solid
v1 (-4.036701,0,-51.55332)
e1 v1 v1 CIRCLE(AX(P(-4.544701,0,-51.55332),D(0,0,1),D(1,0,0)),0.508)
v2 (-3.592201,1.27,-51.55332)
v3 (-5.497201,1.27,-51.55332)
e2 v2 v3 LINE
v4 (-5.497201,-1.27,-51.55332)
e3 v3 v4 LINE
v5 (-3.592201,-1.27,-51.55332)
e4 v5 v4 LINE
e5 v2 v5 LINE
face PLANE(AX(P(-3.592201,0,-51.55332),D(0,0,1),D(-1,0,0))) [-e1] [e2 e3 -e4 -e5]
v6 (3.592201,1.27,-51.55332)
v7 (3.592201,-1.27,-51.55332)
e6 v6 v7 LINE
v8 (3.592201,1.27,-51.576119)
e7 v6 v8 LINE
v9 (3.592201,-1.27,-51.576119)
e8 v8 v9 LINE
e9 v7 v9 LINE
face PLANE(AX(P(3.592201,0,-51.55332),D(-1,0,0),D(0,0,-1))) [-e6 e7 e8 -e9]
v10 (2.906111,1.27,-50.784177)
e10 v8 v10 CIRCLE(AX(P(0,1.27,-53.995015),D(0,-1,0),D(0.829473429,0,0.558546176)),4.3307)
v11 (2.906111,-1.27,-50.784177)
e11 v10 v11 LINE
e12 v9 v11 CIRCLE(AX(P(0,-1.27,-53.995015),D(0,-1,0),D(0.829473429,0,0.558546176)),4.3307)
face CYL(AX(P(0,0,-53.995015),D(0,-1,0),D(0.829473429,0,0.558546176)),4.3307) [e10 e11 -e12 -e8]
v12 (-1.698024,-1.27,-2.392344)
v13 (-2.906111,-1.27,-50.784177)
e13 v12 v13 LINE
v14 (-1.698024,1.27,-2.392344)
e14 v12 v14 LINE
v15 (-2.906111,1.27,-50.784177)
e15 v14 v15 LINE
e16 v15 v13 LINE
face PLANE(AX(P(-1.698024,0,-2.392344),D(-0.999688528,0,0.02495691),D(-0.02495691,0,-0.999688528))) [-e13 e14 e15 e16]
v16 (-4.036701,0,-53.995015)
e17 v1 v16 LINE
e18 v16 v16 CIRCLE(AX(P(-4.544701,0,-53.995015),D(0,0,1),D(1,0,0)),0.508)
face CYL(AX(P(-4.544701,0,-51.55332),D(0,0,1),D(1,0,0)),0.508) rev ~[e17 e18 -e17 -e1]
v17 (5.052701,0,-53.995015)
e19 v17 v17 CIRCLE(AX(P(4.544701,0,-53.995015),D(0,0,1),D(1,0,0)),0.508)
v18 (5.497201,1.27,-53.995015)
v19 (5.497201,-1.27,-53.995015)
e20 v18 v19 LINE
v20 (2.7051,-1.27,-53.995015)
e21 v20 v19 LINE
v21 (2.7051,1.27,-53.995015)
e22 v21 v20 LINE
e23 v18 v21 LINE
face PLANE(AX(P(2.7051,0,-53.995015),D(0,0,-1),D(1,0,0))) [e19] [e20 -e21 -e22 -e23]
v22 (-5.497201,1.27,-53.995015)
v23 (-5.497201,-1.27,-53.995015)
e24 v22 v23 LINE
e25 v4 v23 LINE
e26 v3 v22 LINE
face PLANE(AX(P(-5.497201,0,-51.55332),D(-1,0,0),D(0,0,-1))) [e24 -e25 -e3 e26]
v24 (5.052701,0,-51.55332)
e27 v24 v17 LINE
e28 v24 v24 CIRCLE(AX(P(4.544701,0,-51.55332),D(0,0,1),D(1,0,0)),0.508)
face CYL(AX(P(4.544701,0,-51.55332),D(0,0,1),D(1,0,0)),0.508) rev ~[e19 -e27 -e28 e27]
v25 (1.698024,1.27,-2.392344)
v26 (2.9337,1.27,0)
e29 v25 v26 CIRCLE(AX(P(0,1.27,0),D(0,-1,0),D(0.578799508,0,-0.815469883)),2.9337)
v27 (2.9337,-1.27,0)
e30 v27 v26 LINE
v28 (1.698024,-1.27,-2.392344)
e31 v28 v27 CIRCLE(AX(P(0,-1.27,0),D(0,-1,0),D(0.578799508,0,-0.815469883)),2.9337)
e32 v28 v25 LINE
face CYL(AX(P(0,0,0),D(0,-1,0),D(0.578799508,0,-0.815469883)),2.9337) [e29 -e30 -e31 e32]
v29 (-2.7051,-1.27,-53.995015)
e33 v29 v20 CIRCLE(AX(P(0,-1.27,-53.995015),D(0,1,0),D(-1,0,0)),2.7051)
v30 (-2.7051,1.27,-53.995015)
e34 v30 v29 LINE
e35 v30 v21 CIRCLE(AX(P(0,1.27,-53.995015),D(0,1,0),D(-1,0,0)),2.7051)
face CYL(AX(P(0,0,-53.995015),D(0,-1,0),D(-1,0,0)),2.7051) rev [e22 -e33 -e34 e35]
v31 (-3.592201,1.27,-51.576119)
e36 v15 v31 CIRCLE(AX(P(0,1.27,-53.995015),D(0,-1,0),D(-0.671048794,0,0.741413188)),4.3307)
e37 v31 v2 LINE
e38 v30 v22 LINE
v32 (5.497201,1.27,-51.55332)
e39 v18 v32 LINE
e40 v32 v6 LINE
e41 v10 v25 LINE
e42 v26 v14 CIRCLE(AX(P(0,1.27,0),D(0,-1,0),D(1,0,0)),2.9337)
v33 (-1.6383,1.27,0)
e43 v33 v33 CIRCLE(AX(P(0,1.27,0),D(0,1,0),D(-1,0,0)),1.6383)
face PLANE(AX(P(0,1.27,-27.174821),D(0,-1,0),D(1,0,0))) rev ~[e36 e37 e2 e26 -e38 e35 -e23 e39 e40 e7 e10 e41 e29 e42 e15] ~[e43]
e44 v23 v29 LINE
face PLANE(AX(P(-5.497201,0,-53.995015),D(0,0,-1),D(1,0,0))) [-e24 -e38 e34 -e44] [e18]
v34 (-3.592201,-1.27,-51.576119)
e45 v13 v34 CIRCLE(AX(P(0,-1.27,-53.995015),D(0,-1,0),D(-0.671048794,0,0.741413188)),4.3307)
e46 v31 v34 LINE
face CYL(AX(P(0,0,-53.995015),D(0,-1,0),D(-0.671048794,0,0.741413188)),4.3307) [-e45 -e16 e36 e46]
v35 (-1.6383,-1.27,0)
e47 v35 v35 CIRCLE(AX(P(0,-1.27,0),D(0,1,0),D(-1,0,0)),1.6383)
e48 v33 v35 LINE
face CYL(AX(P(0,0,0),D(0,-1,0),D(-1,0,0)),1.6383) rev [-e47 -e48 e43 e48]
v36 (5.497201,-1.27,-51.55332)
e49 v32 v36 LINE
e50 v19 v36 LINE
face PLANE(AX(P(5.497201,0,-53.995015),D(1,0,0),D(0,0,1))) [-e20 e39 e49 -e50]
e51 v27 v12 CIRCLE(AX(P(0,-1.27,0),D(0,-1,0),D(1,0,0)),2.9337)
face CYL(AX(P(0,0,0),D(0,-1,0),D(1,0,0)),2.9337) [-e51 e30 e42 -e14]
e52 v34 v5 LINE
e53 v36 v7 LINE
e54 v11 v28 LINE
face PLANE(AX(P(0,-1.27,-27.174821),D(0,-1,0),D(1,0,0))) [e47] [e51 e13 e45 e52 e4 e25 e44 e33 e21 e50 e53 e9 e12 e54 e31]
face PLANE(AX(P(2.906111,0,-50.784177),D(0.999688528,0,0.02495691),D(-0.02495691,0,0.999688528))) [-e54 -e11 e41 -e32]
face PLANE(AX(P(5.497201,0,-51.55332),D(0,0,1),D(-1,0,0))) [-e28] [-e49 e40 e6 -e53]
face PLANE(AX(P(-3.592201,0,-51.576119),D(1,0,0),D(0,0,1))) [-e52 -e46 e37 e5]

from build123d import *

# Parameters (mm, degrees)
F1_DEPTH = 1.27
F2_DEPTH = 1.27
F3_R     = 0.508
F4_R     = 0.508
F5_DEPTH = 25.4


with BuildPart() as f1:
    # F0 (on Front) → F1 (new body, symmetric)
    with BuildSketch(Plane.XZ):
        with BuildLine():
            ThreePointArc((1.6980241155, -2.3923439956), (0, -2.9337), (-1.6980241155, -2.3923439956))
            Line((-1.6980241155, -2.3923439956), (-2.906111014, -50.7841772133))
            ThreePointArc((-2.906111014, -50.7841772133), (0, -49.6643153071), (2.906111014, -50.7841772133))
            Line((2.906111014, -50.7841772133), (1.6980241155, -2.3923439956))
        make_face()
        with BuildLine():
            ThreePointArc((1.6980241155, -2.3923439956), (2.6065388006, -1.3463102061), (2.9337, 0))
            ThreePointArc((2.9337, 0), (-1.3463102061, 2.6065388006), (-1.6980241155, -2.3923439956))
            Line((-1.6980241155, -2.3923439956), (-1.6383, 0))
            ThreePointArc((-1.6383, 0), (0, 1.6383), (1.6383, 0))
            Line((1.6383, 0), (1.6980241155, -2.3923439956))
        make_face()
        with BuildLine():
            Line((-1.6383, 0), (-1.6980241155, -2.3923439956))
            ThreePointArc((-1.6980241155, -2.3923439956), (0, -2.9337), (1.6980241155, -2.3923439956))
            Line((1.6980241155, -2.3923439956), (1.6383, 0))
            ThreePointArc((1.6383, 0), (0, -1.6383), (-1.6383, 0))
        make_face()
        with BuildLine():
            ThreePointArc((2.906111014, -50.7841772133), (0, -49.6643153071), (-2.906111014, -50.7841772133))
            ThreePointArc((-2.906111014, -50.7841772133), (-3.273195149, -51.1593220926), (-3.5922005773, -51.5761193807))
            Line((-3.5922005773, -51.5761193807), (-3.5922005773, -53.9950153071))
            Line((-3.5922005773, -53.9950153071), (-2.7051, -53.9950153071))
            ThreePointArc((-2.7051, -53.9950153071), (0, -51.2899153071), (2.7051, -53.9950153071))
            Line((2.7051, -53.9950153071), (3.5922005773, -53.9950153071))
            Line((3.5922005773, -53.9950153071), (3.5922005773, -51.5761193807))
            ThreePointArc((3.5922005773, -51.5761193807), (3.273195149, -51.1593220926), (2.906111014, -50.7841772133))
        make_face()
        with BuildLine():
            ThreePointArc((4.3307, -53.9950153071), (4.1419624292, -52.7304562041), (3.5922005773, -51.5761193807))
            Line((3.5922005773, -51.5761193807), (3.5922005773, -53.9950153071))
            Line((3.5922005773, -53.9950153071), (4.3307, -53.9950153071))
        make_face()
        with BuildLine():
            Line((3.5922005773, -51.5533201396), (3.5922005773, -51.5761193807))
            ThreePointArc((3.5922005773, -51.5761193807), (4.1419624292, -52.7304562041), (4.3307, -53.9950153071))
            Line((4.3307, -53.9950153071), (5.4972005773, -53.9950153071))
            Line((5.4972005773, -53.9950153071), (5.4972005773, -51.5533201396))
            Line((5.4972005773, -51.5533201396), (3.5922005773, -51.5533201396))
        make_face()
        with BuildLine():
            Line((-3.5922005773, -53.9950153071), (-3.5922005773, -51.5761193807))
            ThreePointArc((-3.5922005773, -51.5761193807), (-4.1419624292, -52.7304562041), (-4.3307, -53.9950153071))
            Line((-4.3307, -53.9950153071), (-3.5922005773, -53.9950153071))
        make_face()
        with BuildLine():
            ThreePointArc((-4.3307, -53.9950153071), (-4.1419624292, -52.7304562041), (-3.5922005773, -51.5761193807))
            Line((-3.5922005773, -51.5761193807), (-3.5922005773, -51.5533201396))
            Line((-3.5922005773, -51.5533201396), (-5.4972005773, -51.5533201396))
            Line((-5.4972005773, -51.5533201396), (-5.4972005773, -53.9950153071))
            Line((-5.4972005773, -53.9950153071), (-4.3307, -53.9950153071))
        make_face()
    extrude(amount=F1_DEPTH, both=True)

    # F0 (on Front) → F2 (join, symmetric)
    with BuildSketch(Plane.XZ):
        with BuildLine():
            ThreePointArc((1.6980241155, -2.3923439956), (0, -2.9337), (-1.6980241155, -2.3923439956))
            Line((-1.6980241155, -2.3923439956), (-2.906111014, -50.7841772133))
            ThreePointArc((-2.906111014, -50.7841772133), (0, -49.6643153071), (2.906111014, -50.7841772133))
            Line((2.906111014, -50.7841772133), (1.6980241155, -2.3923439956))
        make_face()
        with BuildLine():
            ThreePointArc((1.6980241155, -2.3923439956), (2.6065388006, -1.3463102061), (2.9337, 0))
            ThreePointArc((2.9337, 0), (-1.3463102061, 2.6065388006), (-1.6980241155, -2.3923439956))
            Line((-1.6980241155, -2.3923439956), (-1.6383, 0))
            ThreePointArc((-1.6383, 0), (0, 1.6383), (1.6383, 0))
            Line((1.6383, 0), (1.6980241155, -2.3923439956))
        make_face()
        with BuildLine():
            Line((-1.6383, 0), (-1.6980241155, -2.3923439956))
            ThreePointArc((-1.6980241155, -2.3923439956), (0, -2.9337), (1.6980241155, -2.3923439956))
            Line((1.6980241155, -2.3923439956), (1.6383, 0))
            ThreePointArc((1.6383, 0), (0, -1.6383), (-1.6383, 0))
        make_face()
        with BuildLine():
            ThreePointArc((2.906111014, -50.7841772133), (0, -49.6643153071), (-2.906111014, -50.7841772133))
            ThreePointArc((-2.906111014, -50.7841772133), (-3.273195149, -51.1593220926), (-3.5922005773, -51.5761193807))
            Line((-3.5922005773, -51.5761193807), (-3.5922005773, -53.9950153071))
            Line((-3.5922005773, -53.9950153071), (-2.7051, -53.9950153071))
            ThreePointArc((-2.7051, -53.9950153071), (0, -51.2899153071), (2.7051, -53.9950153071))
            Line((2.7051, -53.9950153071), (3.5922005773, -53.9950153071))
            Line((3.5922005773, -53.9950153071), (3.5922005773, -51.5761193807))
            ThreePointArc((3.5922005773, -51.5761193807), (3.273195149, -51.1593220926), (2.906111014, -50.7841772133))
        make_face()
    extrude(amount=F2_DEPTH, both=True)

    # F3 (on face) + F4 (on face) → F5 (cut)
    with BuildSketch(Plane.XY.offset(-51.5533201396)):
        with Locations((-4.5447005773, 0)):
            Circle(F3_R)
    with BuildSketch(Plane.XY.offset(-51.5533201396)):
        with Locations((4.5447005773, 0)):
            Circle(F4_R)
    extrude(amount=-F5_DEPTH, mode=Mode.SUBTRACT)


solid = f1.part
